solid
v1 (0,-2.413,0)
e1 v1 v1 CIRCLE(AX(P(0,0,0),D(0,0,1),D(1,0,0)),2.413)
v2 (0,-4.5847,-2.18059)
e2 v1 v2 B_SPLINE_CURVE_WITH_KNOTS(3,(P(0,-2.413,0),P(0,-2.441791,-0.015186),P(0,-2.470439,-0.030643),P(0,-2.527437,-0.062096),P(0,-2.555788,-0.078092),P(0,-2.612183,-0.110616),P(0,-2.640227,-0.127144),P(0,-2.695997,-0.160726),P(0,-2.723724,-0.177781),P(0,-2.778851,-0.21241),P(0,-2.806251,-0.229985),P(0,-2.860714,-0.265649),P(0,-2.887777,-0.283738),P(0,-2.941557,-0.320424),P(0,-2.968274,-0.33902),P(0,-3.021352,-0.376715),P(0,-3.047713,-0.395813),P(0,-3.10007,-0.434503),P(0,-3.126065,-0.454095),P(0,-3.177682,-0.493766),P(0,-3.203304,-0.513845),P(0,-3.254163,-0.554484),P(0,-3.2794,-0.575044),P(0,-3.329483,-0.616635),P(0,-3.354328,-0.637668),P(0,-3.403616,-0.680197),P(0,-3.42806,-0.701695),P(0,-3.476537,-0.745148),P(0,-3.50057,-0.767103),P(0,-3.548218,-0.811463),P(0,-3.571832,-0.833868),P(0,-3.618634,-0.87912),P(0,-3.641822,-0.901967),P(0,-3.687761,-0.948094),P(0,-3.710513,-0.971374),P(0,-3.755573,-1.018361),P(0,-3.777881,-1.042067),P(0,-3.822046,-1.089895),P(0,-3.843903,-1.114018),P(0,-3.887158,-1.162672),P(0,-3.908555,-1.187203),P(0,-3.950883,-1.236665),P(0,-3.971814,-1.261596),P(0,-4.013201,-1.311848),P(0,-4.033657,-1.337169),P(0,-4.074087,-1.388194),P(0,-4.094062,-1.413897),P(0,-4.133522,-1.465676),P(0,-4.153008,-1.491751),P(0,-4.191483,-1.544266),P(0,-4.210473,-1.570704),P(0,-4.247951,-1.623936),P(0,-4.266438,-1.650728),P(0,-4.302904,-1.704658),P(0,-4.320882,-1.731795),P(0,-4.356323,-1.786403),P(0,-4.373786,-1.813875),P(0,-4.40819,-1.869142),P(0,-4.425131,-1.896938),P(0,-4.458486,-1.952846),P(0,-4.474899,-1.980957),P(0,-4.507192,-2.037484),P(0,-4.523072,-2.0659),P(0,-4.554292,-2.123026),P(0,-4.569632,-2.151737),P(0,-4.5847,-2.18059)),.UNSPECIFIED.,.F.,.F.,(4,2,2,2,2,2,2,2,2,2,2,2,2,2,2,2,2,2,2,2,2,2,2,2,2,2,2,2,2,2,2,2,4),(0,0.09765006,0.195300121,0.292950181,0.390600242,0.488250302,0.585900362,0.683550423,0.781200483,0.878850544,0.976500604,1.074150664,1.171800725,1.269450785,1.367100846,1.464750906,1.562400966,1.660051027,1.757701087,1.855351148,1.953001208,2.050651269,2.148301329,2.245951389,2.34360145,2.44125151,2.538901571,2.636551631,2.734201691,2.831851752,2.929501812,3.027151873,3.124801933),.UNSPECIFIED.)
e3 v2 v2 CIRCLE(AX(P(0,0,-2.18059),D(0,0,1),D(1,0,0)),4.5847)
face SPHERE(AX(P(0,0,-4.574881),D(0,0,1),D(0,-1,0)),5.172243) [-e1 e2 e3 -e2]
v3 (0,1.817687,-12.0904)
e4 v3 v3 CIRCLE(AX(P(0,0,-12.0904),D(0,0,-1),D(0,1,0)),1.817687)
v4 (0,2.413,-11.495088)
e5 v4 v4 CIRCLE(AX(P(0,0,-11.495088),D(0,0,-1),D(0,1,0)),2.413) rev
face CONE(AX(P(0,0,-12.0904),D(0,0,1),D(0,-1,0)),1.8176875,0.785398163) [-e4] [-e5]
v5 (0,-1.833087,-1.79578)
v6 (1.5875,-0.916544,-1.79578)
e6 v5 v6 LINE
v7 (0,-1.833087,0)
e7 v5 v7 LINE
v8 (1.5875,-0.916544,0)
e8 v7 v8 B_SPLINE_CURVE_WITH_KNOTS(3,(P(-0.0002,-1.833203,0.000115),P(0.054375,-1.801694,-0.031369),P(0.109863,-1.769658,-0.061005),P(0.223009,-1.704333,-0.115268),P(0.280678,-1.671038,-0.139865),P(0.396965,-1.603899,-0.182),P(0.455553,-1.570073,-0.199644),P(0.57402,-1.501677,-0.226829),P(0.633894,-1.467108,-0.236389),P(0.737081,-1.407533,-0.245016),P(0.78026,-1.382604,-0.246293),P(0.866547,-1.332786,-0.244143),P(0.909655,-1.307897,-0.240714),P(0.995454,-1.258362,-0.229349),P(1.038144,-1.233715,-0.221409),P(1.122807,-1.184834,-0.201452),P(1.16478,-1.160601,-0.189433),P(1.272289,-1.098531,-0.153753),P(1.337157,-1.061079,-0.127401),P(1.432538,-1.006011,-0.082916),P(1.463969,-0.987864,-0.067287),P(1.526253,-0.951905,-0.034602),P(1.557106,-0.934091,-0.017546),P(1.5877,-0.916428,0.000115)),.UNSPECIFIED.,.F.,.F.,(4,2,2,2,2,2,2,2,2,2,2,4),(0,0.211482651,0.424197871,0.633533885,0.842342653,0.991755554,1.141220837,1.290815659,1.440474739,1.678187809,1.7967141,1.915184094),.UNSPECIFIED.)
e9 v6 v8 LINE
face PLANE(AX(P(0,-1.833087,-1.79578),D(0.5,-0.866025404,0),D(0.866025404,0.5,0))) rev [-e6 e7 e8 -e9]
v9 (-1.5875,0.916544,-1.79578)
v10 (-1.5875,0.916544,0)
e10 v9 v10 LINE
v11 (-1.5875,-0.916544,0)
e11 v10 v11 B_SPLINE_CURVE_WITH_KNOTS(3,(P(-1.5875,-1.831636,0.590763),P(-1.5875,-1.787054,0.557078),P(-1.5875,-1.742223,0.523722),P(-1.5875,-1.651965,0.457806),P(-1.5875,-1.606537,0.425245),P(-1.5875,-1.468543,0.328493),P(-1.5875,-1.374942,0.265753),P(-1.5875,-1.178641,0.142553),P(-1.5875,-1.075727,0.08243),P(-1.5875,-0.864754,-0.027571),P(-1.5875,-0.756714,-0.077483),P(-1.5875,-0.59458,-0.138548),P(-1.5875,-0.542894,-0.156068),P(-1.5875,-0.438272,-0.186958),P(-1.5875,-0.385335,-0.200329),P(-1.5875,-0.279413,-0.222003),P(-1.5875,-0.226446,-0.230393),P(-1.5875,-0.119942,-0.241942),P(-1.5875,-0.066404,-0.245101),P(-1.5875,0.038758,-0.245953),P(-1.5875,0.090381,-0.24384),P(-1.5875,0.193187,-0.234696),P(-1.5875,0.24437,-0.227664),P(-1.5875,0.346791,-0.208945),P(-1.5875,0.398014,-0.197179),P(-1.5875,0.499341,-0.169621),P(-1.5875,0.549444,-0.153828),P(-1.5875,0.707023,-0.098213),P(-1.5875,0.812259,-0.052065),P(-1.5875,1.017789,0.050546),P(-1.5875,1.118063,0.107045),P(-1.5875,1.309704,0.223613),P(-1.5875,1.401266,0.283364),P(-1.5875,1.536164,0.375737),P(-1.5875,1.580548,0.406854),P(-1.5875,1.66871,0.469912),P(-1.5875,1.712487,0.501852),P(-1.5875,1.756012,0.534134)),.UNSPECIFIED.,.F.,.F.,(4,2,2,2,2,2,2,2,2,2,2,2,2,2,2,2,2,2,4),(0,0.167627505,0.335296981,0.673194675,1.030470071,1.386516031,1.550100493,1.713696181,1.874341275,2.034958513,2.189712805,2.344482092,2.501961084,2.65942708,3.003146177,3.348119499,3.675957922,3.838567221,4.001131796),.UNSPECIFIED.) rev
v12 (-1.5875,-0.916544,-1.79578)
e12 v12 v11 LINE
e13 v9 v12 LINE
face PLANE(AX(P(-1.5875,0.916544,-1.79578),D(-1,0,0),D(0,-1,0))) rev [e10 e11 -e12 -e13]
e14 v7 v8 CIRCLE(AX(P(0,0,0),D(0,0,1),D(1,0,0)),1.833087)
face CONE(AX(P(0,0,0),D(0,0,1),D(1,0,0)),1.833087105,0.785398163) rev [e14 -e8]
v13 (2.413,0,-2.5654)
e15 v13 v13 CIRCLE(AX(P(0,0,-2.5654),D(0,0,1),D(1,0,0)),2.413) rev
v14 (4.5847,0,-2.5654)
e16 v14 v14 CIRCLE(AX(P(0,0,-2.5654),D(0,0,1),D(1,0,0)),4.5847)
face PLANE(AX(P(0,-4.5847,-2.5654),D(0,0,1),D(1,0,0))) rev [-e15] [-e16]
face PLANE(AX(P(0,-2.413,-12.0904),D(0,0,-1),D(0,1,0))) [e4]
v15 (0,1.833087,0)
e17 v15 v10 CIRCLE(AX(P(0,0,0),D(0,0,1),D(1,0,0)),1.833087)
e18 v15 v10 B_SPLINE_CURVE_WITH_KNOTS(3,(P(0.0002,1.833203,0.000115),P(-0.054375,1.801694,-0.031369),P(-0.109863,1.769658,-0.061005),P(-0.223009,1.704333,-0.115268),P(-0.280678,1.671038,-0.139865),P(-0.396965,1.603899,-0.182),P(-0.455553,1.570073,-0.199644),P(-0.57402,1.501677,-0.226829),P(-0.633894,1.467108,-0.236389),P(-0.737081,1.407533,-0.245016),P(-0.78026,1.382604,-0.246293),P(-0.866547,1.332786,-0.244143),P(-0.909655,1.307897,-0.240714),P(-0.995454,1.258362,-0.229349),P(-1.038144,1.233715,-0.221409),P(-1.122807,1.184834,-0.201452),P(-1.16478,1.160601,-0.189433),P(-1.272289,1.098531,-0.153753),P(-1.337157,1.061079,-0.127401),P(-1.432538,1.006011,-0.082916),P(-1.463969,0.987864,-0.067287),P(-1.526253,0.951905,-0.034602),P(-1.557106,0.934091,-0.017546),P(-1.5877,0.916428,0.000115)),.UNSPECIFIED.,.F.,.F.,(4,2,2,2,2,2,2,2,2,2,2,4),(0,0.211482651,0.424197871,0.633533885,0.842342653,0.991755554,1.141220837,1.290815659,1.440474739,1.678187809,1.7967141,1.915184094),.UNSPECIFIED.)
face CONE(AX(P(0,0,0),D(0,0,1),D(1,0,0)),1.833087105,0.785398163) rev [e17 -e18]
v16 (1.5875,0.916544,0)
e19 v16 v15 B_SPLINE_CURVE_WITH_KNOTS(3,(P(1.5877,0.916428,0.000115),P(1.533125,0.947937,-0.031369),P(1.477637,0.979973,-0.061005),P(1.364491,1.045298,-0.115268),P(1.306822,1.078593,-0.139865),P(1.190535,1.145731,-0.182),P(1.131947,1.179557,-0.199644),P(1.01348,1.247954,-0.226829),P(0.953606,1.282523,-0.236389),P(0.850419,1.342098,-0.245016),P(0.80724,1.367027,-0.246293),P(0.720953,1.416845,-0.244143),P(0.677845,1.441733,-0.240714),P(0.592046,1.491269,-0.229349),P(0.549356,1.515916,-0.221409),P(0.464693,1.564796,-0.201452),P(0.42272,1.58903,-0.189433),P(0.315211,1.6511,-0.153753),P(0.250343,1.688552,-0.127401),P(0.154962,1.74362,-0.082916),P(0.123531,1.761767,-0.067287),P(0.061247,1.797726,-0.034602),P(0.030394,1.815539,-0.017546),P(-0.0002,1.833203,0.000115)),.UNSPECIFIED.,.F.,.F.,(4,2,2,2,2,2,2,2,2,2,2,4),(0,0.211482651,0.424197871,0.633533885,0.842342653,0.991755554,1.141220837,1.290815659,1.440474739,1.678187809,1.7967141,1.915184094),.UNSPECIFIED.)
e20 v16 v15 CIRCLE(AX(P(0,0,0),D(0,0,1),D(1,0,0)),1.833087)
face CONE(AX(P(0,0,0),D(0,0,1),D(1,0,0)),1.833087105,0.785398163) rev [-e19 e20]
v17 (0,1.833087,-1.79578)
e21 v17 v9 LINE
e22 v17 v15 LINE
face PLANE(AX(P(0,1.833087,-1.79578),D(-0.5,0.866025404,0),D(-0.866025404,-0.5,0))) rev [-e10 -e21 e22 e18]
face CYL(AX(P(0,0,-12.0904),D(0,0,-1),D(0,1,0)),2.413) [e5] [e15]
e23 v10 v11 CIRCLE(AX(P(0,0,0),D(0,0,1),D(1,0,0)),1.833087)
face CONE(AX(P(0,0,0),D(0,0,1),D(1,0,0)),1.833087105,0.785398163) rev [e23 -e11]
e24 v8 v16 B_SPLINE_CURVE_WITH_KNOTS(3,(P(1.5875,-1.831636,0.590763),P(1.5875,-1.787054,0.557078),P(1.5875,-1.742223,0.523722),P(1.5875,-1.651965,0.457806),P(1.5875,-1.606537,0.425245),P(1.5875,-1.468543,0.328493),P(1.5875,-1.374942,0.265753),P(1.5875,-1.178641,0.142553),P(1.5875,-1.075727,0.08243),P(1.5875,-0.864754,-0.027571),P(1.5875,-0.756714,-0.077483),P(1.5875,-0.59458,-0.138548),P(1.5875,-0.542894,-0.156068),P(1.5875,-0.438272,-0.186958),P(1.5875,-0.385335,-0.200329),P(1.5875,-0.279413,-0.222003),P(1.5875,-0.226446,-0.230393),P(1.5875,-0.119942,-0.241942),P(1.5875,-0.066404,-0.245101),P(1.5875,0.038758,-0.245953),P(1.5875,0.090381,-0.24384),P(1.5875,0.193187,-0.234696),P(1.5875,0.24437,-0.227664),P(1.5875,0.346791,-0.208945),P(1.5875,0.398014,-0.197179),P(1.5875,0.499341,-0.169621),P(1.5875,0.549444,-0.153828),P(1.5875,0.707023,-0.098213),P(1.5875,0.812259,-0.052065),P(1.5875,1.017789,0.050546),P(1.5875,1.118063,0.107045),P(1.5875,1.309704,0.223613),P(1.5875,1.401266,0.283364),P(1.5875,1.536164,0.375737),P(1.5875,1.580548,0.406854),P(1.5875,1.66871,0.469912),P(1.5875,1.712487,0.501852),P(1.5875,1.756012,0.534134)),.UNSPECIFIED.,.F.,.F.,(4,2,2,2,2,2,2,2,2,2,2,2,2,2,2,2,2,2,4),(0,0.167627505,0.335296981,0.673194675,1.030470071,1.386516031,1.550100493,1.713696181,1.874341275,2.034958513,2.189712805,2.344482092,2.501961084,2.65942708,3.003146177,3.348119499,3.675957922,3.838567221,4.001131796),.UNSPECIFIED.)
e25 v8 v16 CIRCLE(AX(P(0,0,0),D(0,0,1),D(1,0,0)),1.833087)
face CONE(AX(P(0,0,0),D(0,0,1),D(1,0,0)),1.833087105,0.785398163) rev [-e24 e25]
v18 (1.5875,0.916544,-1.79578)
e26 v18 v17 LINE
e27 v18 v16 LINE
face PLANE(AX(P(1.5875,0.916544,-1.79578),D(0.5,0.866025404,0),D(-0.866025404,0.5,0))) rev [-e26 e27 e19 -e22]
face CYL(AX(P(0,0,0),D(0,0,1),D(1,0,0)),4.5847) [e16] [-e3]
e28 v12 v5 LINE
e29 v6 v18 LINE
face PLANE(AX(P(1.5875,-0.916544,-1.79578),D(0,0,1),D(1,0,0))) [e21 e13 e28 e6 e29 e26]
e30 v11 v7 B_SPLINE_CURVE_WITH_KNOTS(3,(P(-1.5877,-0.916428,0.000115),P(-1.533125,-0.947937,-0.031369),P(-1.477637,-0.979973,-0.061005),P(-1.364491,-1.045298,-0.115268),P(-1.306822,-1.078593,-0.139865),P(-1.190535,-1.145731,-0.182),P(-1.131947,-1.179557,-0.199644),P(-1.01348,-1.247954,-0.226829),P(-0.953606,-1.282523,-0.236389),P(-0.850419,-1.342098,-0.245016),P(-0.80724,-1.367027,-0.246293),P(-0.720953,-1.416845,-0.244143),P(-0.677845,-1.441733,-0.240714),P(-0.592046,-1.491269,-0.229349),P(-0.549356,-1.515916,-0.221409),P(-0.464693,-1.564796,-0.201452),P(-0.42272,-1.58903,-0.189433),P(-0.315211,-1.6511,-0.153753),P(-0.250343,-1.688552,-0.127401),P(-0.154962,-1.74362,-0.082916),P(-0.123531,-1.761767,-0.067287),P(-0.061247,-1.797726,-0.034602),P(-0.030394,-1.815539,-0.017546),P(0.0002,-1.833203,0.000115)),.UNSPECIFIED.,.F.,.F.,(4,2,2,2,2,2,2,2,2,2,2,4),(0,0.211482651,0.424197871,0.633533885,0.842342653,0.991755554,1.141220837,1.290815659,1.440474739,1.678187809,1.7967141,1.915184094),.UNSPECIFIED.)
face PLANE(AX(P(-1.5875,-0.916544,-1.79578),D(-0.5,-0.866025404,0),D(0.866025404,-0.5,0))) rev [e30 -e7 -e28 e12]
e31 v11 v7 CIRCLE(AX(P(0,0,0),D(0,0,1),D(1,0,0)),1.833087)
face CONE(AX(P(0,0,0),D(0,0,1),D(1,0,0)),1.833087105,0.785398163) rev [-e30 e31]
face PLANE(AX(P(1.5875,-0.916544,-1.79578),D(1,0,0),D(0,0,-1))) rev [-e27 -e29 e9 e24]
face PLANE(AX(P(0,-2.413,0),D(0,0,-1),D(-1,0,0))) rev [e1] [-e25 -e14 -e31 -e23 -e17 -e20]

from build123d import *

# Parameters (mm, degrees)
SKETCH1_W          = 9.525
SKETCH1_H          = 2.413
CHAMFER1_SIZE      = 0.5953125
CUT_EXTRUDE2_DEPTH = 1.79578
SKETCH6_R          = 1.833087105
CUT_EXTRUDE3_DEPTH = 1.79578
CUT_EXTRUDE3_TAPER = 45


with BuildPart() as part:
    # Sketch1 → Revolve1 (revolve)
    with BuildSketch(Plane(origin=(0, 0, 0), x_dir=(0, 0, -1), z_dir=(1, 0, 0))):
        with Locations((7.3279, 1.2065)):
            Rectangle(SKETCH1_W, SKETCH1_H)
    revolve(axis=Axis((0, 0, -12.0904), (0, 0, 1)))

    # Chamfer1
    chamfer1_edges = [part.edges().sort_by_distance(p)[0] for p in [
        (0, -2.413, -12.0904),
    ]]
    chamfer(chamfer1_edges, length=CHAMFER1_SIZE)

    # Sketch7 → Revolve2 (revolve)
    with BuildSketch(Plane(origin=(0, 0, 0), x_dir=(0, 0, -1), z_dir=(1, 0, 0))):
        with BuildLine():
            Line((2.18059, 4.5847), (2.5654, 4.5847))
            Line((2.5654, 4.5847), (2.5654, 0))
            Line((2.5654, 0), (0, 0))
            Line((0, 0), (0, 2.413))
            ThreePointArc((0, 2.413), (0.925030326, 3.664791196), (2.18059, 4.5847))
        make_face()
    revolve(axis=Axis((0, 0, 0), (0, 0, -1)))

    # Sketch5 → Cut-Extrude2 (cut)
    with BuildSketch(Plane.XY):
        Polygon((1.5875, -0.916543552), (1.5875, 0.916543552), (0, 1.833087105), (-1.5875, 0.916543552), (-1.5875, -0.916543552), (0, -1.833087105), align=None)
    extrude(amount=-CUT_EXTRUDE2_DEPTH, mode=Mode.SUBTRACT)

    # Sketch6 → Cut-Extrude3 (cut)
    with BuildSketch(Plane.XY):
        Circle(SKETCH6_R)
    extrude(amount=-CUT_EXTRUDE3_DEPTH, taper=CUT_EXTRUDE3_TAPER, mode=Mode.SUBTRACT)


solid = part.part
